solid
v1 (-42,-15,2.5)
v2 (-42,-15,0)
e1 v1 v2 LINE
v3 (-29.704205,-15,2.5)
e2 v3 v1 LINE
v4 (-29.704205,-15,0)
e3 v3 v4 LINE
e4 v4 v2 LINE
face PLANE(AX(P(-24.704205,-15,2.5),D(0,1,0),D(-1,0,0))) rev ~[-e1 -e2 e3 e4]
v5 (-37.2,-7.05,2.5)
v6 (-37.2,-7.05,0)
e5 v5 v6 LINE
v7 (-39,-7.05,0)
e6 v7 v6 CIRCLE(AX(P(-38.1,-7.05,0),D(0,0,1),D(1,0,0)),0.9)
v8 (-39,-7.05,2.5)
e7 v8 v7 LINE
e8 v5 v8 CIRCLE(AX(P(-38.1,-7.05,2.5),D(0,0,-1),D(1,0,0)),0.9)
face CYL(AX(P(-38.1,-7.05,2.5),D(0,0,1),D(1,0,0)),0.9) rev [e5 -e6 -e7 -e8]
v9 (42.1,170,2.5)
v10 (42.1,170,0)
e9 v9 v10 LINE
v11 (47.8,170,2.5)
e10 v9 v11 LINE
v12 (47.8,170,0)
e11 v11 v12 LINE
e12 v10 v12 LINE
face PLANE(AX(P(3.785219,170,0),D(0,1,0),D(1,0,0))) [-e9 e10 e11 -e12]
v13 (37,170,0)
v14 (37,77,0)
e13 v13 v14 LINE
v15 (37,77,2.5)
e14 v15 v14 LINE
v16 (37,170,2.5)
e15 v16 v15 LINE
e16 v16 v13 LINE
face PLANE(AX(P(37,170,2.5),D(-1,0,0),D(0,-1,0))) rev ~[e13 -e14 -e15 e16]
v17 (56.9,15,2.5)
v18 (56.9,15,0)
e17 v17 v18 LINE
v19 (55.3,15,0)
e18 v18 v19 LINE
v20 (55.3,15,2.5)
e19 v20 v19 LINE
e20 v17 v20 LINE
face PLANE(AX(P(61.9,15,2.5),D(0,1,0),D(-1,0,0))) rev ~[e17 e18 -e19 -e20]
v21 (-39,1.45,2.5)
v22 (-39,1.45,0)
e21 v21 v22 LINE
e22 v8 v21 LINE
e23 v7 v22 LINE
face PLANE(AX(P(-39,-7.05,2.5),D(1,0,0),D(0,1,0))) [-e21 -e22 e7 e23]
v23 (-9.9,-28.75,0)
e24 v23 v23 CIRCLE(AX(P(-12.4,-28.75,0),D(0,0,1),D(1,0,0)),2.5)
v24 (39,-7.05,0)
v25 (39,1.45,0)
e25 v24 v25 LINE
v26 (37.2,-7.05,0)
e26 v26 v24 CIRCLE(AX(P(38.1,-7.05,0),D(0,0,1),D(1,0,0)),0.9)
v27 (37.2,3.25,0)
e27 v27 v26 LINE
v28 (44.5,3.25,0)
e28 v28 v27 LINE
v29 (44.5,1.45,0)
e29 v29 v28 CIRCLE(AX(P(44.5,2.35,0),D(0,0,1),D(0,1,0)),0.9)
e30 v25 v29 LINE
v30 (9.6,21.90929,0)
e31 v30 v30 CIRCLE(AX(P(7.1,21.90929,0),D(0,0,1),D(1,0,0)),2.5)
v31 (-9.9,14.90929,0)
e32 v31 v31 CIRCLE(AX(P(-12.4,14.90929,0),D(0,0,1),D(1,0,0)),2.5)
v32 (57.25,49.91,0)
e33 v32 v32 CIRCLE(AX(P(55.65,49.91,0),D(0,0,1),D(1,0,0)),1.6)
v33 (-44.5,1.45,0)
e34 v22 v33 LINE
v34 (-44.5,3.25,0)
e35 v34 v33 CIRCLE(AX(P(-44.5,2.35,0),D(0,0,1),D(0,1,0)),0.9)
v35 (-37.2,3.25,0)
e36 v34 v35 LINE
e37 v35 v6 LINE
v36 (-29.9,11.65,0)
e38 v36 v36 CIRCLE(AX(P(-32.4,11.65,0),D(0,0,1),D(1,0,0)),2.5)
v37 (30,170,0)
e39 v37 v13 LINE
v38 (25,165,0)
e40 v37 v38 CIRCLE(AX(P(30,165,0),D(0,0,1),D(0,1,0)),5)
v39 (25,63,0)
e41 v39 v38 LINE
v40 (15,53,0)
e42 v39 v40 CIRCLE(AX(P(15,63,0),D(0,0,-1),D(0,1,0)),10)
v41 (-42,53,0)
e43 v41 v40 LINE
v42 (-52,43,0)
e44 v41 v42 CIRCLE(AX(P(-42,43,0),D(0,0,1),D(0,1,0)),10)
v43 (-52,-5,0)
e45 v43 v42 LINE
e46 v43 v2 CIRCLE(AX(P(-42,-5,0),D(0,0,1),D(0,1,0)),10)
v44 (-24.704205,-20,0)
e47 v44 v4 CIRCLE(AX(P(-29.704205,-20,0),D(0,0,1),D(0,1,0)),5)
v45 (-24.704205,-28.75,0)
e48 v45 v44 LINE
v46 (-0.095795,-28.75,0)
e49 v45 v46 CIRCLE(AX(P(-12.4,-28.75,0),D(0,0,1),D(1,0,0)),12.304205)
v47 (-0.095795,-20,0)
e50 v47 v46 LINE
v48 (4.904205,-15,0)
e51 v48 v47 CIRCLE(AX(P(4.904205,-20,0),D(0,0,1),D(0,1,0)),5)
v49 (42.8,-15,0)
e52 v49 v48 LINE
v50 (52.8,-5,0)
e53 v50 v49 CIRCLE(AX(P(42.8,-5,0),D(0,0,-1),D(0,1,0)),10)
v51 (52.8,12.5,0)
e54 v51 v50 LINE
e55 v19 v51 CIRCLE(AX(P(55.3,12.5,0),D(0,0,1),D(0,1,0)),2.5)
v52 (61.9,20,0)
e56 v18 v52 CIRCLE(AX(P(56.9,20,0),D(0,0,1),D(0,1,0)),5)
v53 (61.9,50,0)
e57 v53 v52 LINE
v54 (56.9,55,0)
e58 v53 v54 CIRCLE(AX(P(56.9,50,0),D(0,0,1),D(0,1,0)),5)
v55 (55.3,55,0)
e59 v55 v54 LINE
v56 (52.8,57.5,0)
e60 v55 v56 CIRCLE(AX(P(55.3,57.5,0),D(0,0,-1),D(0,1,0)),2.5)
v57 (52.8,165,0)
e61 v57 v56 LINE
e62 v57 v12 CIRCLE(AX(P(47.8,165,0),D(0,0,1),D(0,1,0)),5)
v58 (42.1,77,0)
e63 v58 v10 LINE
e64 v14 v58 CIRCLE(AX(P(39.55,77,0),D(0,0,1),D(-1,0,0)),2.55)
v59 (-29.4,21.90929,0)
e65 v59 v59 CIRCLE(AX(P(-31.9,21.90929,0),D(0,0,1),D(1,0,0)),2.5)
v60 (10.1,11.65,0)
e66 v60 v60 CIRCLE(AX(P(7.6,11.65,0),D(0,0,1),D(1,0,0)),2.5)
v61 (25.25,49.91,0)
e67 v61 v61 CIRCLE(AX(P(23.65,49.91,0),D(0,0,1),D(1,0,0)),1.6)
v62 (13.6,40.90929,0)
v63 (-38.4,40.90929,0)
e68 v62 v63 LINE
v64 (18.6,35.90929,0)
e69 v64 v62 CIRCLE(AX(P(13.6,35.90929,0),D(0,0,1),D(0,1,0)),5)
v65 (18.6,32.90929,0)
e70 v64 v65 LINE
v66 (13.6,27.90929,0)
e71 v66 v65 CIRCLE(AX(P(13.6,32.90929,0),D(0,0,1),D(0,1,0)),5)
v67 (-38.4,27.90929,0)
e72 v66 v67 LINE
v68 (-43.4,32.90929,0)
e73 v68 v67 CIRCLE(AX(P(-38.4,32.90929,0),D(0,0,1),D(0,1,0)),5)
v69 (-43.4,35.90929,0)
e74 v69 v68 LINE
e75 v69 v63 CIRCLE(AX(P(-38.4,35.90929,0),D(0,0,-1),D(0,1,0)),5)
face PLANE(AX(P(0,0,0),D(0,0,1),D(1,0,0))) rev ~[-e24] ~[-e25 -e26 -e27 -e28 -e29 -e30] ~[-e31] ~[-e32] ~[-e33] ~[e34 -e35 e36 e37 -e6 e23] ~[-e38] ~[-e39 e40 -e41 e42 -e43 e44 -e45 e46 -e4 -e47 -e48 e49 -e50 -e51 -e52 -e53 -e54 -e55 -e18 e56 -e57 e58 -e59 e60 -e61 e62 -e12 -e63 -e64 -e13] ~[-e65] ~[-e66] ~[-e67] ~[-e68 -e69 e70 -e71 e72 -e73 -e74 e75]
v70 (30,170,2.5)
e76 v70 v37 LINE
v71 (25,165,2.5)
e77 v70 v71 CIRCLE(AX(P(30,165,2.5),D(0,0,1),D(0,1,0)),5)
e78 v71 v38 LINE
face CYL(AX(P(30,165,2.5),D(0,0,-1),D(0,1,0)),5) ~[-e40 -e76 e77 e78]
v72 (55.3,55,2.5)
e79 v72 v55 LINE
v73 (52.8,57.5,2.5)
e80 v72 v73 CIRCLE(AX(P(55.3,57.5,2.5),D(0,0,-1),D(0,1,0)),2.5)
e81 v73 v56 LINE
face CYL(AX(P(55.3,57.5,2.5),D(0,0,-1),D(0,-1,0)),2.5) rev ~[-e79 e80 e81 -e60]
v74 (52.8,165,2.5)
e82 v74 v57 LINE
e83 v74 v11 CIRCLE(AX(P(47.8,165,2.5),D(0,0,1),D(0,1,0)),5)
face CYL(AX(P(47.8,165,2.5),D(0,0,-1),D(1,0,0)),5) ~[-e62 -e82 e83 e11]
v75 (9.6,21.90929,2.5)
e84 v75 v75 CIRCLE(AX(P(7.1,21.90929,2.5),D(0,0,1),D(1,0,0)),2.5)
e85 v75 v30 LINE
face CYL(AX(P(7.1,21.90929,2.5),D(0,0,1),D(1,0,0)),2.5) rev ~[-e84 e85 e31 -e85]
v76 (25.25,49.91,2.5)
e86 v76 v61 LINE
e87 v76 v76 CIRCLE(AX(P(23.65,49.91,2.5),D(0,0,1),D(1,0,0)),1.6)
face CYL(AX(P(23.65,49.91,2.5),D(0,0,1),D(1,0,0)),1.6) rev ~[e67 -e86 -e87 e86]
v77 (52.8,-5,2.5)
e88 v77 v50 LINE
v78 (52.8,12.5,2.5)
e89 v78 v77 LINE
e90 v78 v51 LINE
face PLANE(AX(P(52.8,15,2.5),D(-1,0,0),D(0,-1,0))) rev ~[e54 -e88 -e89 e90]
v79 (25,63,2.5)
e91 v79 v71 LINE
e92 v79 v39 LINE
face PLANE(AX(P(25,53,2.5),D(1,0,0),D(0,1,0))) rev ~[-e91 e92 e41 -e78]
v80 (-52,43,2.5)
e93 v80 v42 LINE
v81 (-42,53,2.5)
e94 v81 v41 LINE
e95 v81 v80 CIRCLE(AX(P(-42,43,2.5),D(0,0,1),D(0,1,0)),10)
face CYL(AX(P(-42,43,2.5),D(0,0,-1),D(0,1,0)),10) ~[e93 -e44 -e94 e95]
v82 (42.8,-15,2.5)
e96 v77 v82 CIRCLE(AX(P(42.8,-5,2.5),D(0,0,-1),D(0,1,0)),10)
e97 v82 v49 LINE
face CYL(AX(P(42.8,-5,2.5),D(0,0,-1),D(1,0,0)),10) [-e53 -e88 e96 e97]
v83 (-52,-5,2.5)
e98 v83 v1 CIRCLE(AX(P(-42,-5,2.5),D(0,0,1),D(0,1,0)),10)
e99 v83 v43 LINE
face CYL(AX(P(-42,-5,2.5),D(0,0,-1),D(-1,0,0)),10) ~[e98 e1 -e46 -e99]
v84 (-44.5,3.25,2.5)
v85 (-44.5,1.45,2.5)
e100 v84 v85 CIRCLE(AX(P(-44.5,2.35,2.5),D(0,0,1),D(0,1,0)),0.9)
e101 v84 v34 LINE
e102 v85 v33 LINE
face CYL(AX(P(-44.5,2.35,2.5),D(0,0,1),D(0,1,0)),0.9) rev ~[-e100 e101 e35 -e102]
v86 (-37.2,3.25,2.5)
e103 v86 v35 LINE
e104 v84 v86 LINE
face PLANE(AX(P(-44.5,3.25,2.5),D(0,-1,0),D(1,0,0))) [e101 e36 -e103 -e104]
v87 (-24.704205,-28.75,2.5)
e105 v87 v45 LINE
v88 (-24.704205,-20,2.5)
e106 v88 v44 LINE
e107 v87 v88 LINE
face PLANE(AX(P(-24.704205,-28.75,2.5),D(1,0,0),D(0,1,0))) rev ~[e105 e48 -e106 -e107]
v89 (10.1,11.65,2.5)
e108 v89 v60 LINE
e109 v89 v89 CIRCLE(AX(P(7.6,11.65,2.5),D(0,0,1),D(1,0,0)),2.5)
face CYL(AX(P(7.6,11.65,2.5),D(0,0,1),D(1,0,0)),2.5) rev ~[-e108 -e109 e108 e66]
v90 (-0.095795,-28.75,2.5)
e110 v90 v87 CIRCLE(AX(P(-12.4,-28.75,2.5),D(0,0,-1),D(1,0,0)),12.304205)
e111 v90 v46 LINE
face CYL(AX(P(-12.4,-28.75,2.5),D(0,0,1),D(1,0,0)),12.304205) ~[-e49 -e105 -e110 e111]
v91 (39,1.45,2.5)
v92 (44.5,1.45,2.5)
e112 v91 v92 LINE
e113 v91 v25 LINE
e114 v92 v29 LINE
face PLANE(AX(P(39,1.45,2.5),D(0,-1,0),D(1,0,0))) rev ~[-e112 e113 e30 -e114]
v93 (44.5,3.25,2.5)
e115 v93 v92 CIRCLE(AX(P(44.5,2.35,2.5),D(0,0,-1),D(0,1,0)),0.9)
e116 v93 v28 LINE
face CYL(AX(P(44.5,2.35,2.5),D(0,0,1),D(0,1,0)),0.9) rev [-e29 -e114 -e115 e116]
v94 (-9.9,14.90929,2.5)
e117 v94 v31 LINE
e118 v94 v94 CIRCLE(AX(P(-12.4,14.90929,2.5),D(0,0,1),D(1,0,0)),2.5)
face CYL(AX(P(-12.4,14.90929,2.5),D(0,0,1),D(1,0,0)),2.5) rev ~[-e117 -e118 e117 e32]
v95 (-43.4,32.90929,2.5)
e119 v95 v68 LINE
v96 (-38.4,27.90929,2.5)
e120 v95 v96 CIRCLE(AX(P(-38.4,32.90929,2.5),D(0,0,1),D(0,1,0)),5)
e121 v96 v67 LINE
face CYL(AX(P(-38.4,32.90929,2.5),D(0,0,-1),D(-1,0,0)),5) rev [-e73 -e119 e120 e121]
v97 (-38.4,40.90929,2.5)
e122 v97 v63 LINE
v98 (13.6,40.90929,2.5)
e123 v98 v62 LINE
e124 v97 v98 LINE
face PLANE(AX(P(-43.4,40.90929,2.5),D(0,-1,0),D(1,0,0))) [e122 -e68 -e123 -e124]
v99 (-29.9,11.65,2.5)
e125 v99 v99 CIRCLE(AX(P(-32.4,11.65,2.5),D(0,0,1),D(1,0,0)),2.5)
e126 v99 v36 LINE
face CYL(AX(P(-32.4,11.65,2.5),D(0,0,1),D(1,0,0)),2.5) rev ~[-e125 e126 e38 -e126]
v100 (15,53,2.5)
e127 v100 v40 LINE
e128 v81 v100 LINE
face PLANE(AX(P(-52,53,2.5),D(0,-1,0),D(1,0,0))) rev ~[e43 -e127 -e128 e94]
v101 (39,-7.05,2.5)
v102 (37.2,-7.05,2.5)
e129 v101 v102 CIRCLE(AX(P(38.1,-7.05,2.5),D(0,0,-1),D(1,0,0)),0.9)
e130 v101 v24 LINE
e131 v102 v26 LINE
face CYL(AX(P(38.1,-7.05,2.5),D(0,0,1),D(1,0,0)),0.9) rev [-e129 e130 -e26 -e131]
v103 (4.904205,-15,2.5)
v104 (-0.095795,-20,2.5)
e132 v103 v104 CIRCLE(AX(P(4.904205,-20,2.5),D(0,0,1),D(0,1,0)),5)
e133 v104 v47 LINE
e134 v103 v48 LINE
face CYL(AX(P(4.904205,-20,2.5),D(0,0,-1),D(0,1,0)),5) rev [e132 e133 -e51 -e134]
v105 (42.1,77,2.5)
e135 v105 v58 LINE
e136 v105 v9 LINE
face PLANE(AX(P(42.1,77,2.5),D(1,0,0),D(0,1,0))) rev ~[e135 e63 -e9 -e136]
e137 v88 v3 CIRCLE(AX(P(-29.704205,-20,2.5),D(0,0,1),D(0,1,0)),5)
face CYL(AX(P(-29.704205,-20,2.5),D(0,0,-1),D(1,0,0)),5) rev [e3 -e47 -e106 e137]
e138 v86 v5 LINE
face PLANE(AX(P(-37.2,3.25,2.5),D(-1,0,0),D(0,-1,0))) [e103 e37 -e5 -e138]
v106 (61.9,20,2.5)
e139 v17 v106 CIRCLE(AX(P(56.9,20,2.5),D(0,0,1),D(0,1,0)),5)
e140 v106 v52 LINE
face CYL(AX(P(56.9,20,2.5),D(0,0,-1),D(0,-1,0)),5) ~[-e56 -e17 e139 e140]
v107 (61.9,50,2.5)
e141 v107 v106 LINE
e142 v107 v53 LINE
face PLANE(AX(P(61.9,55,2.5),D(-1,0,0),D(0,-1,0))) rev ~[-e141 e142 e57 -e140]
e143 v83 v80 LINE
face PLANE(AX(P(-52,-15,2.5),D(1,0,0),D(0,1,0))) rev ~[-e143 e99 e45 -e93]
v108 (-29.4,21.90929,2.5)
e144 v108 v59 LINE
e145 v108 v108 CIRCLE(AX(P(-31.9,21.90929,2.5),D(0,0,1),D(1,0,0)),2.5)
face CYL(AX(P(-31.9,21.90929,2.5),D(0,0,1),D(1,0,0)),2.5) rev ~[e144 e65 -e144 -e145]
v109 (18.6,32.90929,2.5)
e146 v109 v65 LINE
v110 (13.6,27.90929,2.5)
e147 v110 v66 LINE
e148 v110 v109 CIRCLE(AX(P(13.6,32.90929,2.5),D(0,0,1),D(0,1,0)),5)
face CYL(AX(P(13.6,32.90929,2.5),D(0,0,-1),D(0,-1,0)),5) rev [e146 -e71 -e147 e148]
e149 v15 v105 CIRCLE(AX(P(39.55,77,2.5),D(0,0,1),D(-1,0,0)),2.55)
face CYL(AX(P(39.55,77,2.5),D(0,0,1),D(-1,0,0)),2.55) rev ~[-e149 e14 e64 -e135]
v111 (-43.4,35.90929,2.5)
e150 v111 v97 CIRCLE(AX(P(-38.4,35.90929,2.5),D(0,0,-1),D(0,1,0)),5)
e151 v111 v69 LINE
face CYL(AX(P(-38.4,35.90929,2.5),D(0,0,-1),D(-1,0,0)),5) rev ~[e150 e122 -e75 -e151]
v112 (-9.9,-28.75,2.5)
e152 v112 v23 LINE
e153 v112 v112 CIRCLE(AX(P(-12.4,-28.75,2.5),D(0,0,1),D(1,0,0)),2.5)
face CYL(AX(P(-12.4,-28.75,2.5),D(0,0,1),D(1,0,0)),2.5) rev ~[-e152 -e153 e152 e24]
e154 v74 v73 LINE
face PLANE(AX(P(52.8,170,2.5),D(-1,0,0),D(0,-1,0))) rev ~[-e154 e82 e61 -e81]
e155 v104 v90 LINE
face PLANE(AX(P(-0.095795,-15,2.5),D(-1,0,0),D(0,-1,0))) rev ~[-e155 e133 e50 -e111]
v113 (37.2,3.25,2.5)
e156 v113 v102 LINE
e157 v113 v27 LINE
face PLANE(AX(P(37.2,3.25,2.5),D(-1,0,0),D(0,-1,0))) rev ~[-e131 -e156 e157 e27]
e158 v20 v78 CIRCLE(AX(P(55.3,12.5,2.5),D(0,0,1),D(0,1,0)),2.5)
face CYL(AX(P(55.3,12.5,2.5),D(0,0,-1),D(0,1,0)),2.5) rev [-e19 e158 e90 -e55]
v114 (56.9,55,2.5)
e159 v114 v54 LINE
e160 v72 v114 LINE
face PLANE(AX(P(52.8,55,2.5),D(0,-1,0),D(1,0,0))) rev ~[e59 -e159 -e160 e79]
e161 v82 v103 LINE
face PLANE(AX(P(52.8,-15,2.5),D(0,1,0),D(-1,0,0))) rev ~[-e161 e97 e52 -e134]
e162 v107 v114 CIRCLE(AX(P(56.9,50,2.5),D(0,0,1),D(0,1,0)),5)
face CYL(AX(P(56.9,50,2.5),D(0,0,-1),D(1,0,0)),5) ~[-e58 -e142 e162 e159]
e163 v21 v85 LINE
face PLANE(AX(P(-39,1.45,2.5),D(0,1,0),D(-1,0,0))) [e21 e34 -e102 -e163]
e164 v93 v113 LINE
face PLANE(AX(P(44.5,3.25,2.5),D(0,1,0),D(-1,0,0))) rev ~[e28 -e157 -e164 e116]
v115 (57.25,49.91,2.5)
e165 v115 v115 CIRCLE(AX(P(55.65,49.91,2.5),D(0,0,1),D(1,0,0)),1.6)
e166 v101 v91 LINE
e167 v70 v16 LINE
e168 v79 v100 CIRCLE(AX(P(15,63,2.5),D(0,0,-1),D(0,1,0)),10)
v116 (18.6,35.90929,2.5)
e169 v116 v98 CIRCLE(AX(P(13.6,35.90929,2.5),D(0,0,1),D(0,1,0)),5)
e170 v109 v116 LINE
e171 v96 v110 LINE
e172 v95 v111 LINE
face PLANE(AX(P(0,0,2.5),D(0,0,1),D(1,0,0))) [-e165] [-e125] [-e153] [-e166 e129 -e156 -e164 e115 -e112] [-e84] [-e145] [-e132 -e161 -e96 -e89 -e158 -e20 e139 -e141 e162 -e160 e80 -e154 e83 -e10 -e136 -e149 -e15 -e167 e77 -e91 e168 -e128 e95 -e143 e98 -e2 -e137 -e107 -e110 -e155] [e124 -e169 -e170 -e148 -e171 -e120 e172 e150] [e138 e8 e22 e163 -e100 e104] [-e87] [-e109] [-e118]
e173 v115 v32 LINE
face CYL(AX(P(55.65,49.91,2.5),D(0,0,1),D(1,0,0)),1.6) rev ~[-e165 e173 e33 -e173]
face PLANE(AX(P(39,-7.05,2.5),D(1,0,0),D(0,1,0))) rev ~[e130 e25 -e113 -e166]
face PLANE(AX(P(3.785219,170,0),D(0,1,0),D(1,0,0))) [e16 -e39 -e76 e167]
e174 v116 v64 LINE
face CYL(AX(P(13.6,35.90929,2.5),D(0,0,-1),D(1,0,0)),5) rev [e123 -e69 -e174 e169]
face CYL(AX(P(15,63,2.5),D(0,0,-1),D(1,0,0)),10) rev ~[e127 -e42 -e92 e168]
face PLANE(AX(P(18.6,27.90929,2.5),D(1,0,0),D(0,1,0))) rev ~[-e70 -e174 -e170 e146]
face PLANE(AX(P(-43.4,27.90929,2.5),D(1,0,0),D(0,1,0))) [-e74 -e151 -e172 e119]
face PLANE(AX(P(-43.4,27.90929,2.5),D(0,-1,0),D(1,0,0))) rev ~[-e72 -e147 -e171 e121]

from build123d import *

# Parameters (mm, degrees)
SKETCH1_W           = 200
SKETCH1_H           = 300
SKETCH1_W_2         = 96.214780988
SKETCH1_H_2         = 20
BOSS_EXTRUDE1_DEPTH = 2.5
SKETCH2_R           = 2.5
CUT_EXTRUDE1_DEPTH  = 10
CUT_EXTRUDE3_DEPTH  = 10
CUT_EXTRUDE4_REACH  = 182.936
SKETCH5_W           = 62
SKETCH5_H           = 13
FILLET2_R           = 5
FILLET3_R           = 10
FILLET4_R           = 5
CUT_EXTRUDE6_REACH  = 182.936
SKETCH7_R           = 1.6
FILLET5_R           = 2.5
CUT_EXTRUDE7_REACH  = 182.936
SKETCH8_R           = 2.5


with BuildPart() as part:
    # Sketch1 → Boss-Extrude1 (new body)
    with BuildSketch(Plane.XY):
        Rectangle(SKETCH1_W, SKETCH1_H)
        with Locations((51.892609506, 160)):
            Rectangle(SKETCH1_W_2, SKETCH1_H_2)
    extrude(amount=BOSS_EXTRUDE1_DEPTH)

    # Sketch2 → Cut-Extrude1 (cut)
    with BuildSketch(Plane.XY.offset(2.5)):
        with Locations((-12.4, -28.75)):
            Circle(SKETCH2_R)
        with Locations((7.6, 11.65)):
            Circle(SKETCH2_R)
        with Locations((-32.4, 11.65)):
            Circle(SKETCH2_R)
        Polygon((-44.5, 1.45), (-44.5, 3.25), (-37.2, 3.25), (-37.2, -7.05), (-39, -7.05), (-39, 1.45), align=None)
        Polygon((39, 1.45), (44.5, 1.45), (44.5, 3.25), (37.2, 3.25), (37.2, -7.05), (39, -7.05), align=None)
        with BuildLine():
            Line((-44.5, 1.45), (-44.5, 3.25))
            ThreePointArc((-44.5, 3.25), (-45.4, 2.35), (-44.5, 1.45))
        make_face()
        with BuildLine():
            ThreePointArc((-37.2, -7.05), (-38.1, -7.95), (-39, -7.05))
            Line((-39, -7.05), (-37.2, -7.05))
        make_face()
        with BuildLine():
            ThreePointArc((39, -7.05), (38.1, -7.95), (37.2, -7.05))
            Line((37.2, -7.05), (39, -7.05))
        make_face()
        with BuildLine():
            ThreePointArc((44.5, 3.25), (45.4, 2.35), (44.5, 1.45))
            Line((44.5, 1.45), (44.5, 3.25))
        make_face()
    extrude(amount=-CUT_EXTRUDE1_DEPTH, mode=Mode.SUBTRACT)

    # Sketch4 → Cut-Extrude3 (cut)
    with BuildSketch(Plane.XY.offset(2.5)):
        with BuildLine():
            Line((42.1, 170), (37, 170))
            Line((37, 170), (37, 77))
            ThreePointArc((37, 77), (39.55, 74.45), (42.1, 77))
            Line((42.1, 77), (42.1, 170))
        make_face()
        with BuildLine():
            Line((25, 53), (25, 170))
            Line((25, 170), (3.785219012, 170))
            Line((3.785219012, 170), (3.785219012, 150))
            Line((3.785219012, 150), (-100, 150))
            Line((-100, 150), (-100, -150))
            Line((-100, -150), (100, -150))
            Line((100, -150), (100, 170))
            Line((100, 170), (52.8, 170))
            Line((52.8, 170), (52.8, 55))
            Line((52.8, 55), (61.9, 55))
            Line((61.9, 55), (61.9, 15))
            Line((61.9, 15), (52.8, 15))
            Line((52.8, 15), (52.8, -15))
            Line((52.8, -15), (-0.095794877, -15))
            Line((-0.095794877, -15), (-0.095794877, -28.75))
            ThreePointArc((-0.095794877, -28.75), (-12.4, -41.054205123), (-24.704205123, -28.75))
            Line((-24.704205123, -28.75), (-24.704205123, -15))
            Line((-24.704205123, -15), (-52, -15))
            Line((-52, -15), (-52, 53))
            Line((-52, 53), (25, 53))
        make_face()
    extrude(amount=-CUT_EXTRUDE3_DEPTH, mode=Mode.SUBTRACT)

    # Sketch5 → Cut-Extrude4 (cut, up to next)
    with BuildSketch(Plane.XY.offset(2.5), mode=Mode.PRIVATE) as cut_extrude4_sk1:
        with Locations((-12.4, 34.409289568)):
            Rectangle(SKETCH5_W, SKETCH5_H)
    cut_extrude4_tool1 = extrude(cut_extrude4_sk1.sketch, amount=-CUT_EXTRUDE4_REACH, mode=Mode.PRIVATE) & part.part
    add(cut_extrude4_tool1.solids().sort_by_distance((-12.4, 34.40929, 2.5))[0], mode=Mode.SUBTRACT)

    # Fillet2
    fillet2_edges = [part.edges().sort_by_distance(p)[0] for p in [
        (-43.4, 40.909289568, 1.25),
        (18.6, 40.909289568, 1.25),
        (18.6, 27.909289568, 1.25),
        (-43.4, 27.909289568, 1.25),
    ]]
    fillet(fillet2_edges, radius=FILLET2_R)

    # Fillet3
    fillet3_edges = [part.edges().sort_by_distance(p)[0] for p in [
        (52.8, -15, 1.25),
        (25, 53, 1.25),
        (-52, 53, 1.25),
        (-52, -15, 1.25),
    ]]
    fillet(fillet3_edges, radius=FILLET3_R)

    # Fillet4
    fillet4_edges = [part.edges().sort_by_distance(p)[0] for p in [
        (-0.095794877, -15, 1.25),
        (61.9, 15, 1.25),
        (61.9, 55, 1.25),
        (-24.704205123, -15, 1.25),
        (25, 170, 1.25),
        (52.8, 170, 1.25),
    ]]
    fillet(fillet4_edges, radius=FILLET4_R)

    # Sketch7 → Cut-Extrude6 (cut, up to next)
    with BuildSketch(Plane.XY.offset(2.5), mode=Mode.PRIVATE) as cut_extrude6_sk1:
        with Locations((55.65, 49.91)):
            Circle(SKETCH7_R)
    cut_extrude6_tool1 = extrude(cut_extrude6_sk1.sketch, amount=-CUT_EXTRUDE6_REACH, mode=Mode.PRIVATE) & part.part
    # Sketch7 → Cut-Extrude6 (cut, up to next)
    with BuildSketch(Plane.XY.offset(2.5), mode=Mode.PRIVATE) as cut_extrude6_sk2:
        with Locations((23.65, 49.91)):
            Circle(SKETCH7_R)
    cut_extrude6_tool2 = extrude(cut_extrude6_sk2.sketch, amount=-CUT_EXTRUDE6_REACH, mode=Mode.PRIVATE) & part.part
    add(cut_extrude6_tool1.solids().sort_by_distance((55.65, 49.91, 2.5))[0], mode=Mode.SUBTRACT)
    add(cut_extrude6_tool2.solids().sort_by_distance((23.65, 49.91, 2.5))[0], mode=Mode.SUBTRACT)

    # Fillet5
    fillet5_edges = [part.edges().sort_by_distance(p)[0] for p in [
        (52.8, 15, 1.25),
        (52.8, 55, 1.25),
    ]]
    fillet(fillet5_edges, radius=FILLET5_R)

    # Sketch8 → Cut-Extrude7 (cut, up to next)
    with BuildSketch(Plane.XY.offset(2.5), mode=Mode.PRIVATE) as cut_extrude7_sk1:
        with Locations((7.1, 21.909289568)):
            Circle(SKETCH8_R)
    cut_extrude7_tool1 = extrude(cut_extrude7_sk1.sketch, amount=-CUT_EXTRUDE7_REACH, mode=Mode.PRIVATE) & part.part
    # Sketch8 → Cut-Extrude7 (cut, up to next)
    with BuildSketch(Plane.XY.offset(2.5), mode=Mode.PRIVATE) as cut_extrude7_sk2:
        with Locations((-31.9, 21.909289568)):
            Circle(SKETCH8_R)
    cut_extrude7_tool2 = extrude(cut_extrude7_sk2.sketch, amount=-CUT_EXTRUDE7_REACH, mode=Mode.PRIVATE) & part.part
    # Sketch8 → Cut-Extrude7 (cut, up to next)
    with BuildSketch(Plane.XY.offset(2.5), mode=Mode.PRIVATE) as cut_extrude7_sk3:
        with Locations((-12.4, 14.909289568)):
            Circle(SKETCH8_R)
    cut_extrude7_tool3 = extrude(cut_extrude7_sk3.sketch, amount=-CUT_EXTRUDE7_REACH, mode=Mode.PRIVATE) & part.part
    add(cut_extrude7_tool1.solids().sort_by_distance((7.1, 21.90929, 2.5))[0], mode=Mode.SUBTRACT)
    add(cut_extrude7_tool2.solids().sort_by_distance((-31.9, 21.90929, 2.5))[0], mode=Mode.SUBTRACT)
    add(cut_extrude7_tool3.solids().sort_by_distance((-12.4, 14.90929, 2.5))[0], mode=Mode.SUBTRACT)


solid = part.part
